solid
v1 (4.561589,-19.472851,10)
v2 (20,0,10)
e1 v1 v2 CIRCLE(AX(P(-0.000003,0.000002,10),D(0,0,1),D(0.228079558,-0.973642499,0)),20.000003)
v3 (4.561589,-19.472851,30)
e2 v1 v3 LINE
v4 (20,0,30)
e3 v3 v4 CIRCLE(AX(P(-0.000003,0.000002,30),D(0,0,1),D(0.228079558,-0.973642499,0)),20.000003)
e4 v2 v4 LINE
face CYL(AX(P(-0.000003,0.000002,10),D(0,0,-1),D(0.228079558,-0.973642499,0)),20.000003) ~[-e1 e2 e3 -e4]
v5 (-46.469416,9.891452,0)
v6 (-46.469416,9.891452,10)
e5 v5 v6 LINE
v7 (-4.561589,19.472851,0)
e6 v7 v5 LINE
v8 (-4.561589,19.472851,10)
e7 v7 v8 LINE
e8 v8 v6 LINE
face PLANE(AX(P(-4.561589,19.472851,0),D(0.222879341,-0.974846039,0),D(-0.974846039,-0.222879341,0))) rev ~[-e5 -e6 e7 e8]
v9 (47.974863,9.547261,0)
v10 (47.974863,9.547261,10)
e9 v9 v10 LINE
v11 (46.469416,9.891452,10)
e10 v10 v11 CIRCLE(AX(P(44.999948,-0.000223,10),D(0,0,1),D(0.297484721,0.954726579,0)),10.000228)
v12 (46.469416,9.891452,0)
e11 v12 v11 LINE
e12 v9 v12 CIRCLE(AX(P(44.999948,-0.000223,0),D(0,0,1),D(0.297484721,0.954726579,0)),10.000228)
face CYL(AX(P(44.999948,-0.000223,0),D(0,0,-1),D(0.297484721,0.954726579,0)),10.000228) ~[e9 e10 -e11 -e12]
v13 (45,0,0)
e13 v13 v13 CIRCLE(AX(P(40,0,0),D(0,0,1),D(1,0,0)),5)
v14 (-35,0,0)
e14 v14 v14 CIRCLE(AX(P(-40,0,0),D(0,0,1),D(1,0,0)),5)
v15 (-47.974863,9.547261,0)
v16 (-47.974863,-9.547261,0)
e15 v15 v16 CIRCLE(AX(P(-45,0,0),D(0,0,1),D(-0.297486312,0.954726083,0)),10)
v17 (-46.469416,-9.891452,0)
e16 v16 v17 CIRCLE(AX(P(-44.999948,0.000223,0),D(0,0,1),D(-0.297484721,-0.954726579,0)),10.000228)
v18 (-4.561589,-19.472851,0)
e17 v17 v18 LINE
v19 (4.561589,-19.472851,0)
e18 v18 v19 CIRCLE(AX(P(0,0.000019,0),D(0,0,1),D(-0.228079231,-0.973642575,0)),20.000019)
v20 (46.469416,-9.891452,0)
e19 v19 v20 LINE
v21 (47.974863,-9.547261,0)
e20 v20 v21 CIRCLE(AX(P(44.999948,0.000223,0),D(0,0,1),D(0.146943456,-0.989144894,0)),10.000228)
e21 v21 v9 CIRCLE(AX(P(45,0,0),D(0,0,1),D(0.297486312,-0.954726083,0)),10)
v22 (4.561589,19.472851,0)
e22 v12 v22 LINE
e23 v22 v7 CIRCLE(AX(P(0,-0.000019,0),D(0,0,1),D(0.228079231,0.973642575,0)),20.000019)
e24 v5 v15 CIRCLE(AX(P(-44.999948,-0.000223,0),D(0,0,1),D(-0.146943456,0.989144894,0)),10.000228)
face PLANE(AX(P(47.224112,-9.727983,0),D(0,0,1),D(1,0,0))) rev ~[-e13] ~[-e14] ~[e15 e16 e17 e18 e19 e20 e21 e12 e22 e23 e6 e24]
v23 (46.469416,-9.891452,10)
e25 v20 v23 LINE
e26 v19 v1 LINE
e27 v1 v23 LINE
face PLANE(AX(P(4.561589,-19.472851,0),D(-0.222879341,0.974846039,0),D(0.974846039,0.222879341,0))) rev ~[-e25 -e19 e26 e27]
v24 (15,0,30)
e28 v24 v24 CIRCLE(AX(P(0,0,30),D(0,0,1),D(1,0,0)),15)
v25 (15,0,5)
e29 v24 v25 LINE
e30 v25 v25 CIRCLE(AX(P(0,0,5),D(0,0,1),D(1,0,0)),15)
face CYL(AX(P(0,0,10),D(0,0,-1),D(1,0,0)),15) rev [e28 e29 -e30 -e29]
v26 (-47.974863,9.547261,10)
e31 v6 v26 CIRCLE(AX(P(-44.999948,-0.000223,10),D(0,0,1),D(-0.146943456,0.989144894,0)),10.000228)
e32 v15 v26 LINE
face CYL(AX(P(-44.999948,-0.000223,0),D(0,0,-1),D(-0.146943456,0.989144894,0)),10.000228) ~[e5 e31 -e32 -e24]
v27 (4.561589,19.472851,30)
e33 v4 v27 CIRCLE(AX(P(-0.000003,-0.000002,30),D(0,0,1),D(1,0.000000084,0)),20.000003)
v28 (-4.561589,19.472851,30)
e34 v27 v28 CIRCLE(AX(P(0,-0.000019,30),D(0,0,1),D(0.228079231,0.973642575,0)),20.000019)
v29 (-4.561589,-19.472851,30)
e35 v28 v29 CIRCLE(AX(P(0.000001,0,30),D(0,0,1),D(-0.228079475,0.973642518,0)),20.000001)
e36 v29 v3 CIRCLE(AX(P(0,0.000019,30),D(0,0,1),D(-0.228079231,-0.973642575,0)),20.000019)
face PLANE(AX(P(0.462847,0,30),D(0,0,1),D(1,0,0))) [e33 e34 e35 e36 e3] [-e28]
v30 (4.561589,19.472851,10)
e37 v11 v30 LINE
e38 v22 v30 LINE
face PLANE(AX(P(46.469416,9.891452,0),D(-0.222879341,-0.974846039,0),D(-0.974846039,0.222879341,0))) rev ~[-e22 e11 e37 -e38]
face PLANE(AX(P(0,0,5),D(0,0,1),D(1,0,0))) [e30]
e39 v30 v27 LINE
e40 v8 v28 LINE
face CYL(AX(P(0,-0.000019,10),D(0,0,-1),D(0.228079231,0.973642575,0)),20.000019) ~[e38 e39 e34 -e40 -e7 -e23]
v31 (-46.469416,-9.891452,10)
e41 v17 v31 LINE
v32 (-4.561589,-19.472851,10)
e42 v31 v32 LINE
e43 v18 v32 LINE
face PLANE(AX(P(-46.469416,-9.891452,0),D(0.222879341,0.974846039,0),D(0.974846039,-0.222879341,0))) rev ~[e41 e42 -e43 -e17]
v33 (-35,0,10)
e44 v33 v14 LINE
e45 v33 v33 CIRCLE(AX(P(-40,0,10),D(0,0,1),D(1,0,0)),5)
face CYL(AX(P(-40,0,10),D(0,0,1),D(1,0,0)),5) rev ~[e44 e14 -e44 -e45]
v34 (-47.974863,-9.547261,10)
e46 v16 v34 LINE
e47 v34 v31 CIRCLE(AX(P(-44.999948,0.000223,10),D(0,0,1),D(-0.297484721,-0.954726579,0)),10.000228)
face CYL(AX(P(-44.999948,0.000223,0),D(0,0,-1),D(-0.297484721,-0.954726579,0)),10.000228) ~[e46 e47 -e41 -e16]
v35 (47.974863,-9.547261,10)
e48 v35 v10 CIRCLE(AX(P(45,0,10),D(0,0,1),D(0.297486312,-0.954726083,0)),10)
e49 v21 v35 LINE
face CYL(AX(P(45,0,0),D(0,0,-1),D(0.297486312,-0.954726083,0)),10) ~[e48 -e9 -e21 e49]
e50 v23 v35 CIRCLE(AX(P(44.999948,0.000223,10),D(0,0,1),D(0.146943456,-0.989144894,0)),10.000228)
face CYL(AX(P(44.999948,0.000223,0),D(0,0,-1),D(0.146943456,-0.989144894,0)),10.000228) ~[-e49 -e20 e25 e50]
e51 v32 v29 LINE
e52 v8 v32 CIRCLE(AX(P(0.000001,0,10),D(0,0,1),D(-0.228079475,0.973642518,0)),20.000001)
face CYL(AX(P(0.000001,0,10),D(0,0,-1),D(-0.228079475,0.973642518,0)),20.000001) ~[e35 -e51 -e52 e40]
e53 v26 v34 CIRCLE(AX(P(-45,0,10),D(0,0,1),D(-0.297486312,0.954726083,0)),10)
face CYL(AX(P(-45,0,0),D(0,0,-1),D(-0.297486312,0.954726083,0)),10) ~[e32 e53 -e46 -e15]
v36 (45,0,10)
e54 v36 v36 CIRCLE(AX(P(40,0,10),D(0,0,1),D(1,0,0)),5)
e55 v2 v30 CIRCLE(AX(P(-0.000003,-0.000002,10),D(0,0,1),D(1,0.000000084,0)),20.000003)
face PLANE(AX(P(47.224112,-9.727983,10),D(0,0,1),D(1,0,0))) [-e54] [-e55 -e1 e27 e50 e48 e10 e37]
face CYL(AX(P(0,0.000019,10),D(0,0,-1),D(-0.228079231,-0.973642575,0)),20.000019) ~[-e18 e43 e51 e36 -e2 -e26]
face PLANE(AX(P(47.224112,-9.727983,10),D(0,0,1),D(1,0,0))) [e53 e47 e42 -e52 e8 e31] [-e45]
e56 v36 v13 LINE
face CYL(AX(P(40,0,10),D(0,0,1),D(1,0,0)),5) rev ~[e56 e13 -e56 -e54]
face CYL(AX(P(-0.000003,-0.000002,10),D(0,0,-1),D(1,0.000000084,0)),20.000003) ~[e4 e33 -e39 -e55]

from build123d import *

# Parameters (mm, degrees)
F1_DEPTH  = 10
F2_R      = 5
F3_DEPTH  = 10.001
F2_R_2    = 15
F4_DEPTH  = 20
F4_FACE_R = 15
F5_DEPTH  = 5


with BuildPart() as f1:
    # F0 (on Top) → F1 (new body)
    with BuildSketch(Plane.XY):
        with BuildLine():
            Line((47.974863, -9.547261), (46.469416, -9.891452))
            ThreePointArc((46.469416, -9.891452), (47.228793, -9.74846), (47.974863, -9.547261))
        make_face()
        with BuildLine():
            Line((4.561589, -19.472851), (46.469416, -9.891452))
            Line((46.469416, -9.891452), (47.974863, -9.547261))
            ThreePointArc((47.974863, -9.547261), (55, 0), (47.974863, 9.547261))
            Line((47.974863, 9.547261), (46.469416, 9.891452))
            Line((46.469416, 9.891452), (4.561589, 19.472851))
            ThreePointArc((4.561589, 19.472851), (0, 20), (-4.561589, 19.472851))
            Line((-4.561589, 19.472851), (-46.469416, 9.891452))
            Line((-46.469416, 9.891452), (-47.974863, 9.547261))
            ThreePointArc((-47.974863, 9.547261), (-55, 0), (-47.974863, -9.547261))
            Line((-47.974863, -9.547261), (-46.469416, -9.891452))
            Line((-46.469416, -9.891452), (-4.561589, -19.472851))
            ThreePointArc((-4.561589, -19.472851), (0, -20), (4.561589, -19.472851))
        make_face()
        with BuildLine():
            Line((46.469416, 9.891452), (47.974863, 9.547261))
            ThreePointArc((47.974863, 9.547261), (47.228793, 9.74846), (46.469416, 9.891452))
        make_face()
        with BuildLine():
            ThreePointArc((-47.974863, -9.547261), (-47.228793, -9.74846), (-46.469416, -9.891452))
            Line((-46.469416, -9.891452), (-47.974863, -9.547261))
        make_face()
        with BuildLine():
            ThreePointArc((-46.469416, 9.891452), (-47.228793, 9.74846), (-47.974863, 9.547261))
            Line((-47.974863, 9.547261), (-46.469416, 9.891452))
        make_face()
    extrude(amount=F1_DEPTH)

    # F2 (on face) → F3 (cut, through all)
    with BuildSketch(Plane.XY.offset(10)):
        with Locations((-40, 0)):
            Circle(F2_R)
        with Locations((40, 0)):
            Circle(F2_R)
    extrude(amount=-F3_DEPTH, mode=Mode.SUBTRACT)

    # F2 (on face) → F4 (join)
    with BuildSketch(Plane.XY.offset(10)):
        with BuildLine():
            ThreePointArc((4.561589, -19.472851), (15.672137, -12.42514), (20, 0))
            ThreePointArc((20, 0), (15.672137, 12.42514), (4.561589, 19.472851))
            ThreePointArc((4.561589, 19.472851), (0, 20), (-4.561589, 19.472851))
            ThreePointArc((-4.561589, 19.472851), (-20, 0), (-4.561589, -19.472851))
            ThreePointArc((-4.561589, -19.472851), (0, -20), (4.561589, -19.472851))
        make_face()
        Circle(F2_R_2, mode=Mode.SUBTRACT)
    extrude(amount=F4_DEPTH)

    # F4_face (on face) → F5 (cut, symmetric)
    with BuildSketch(Plane.XY.offset(10)):
        Circle(F4_FACE_R)
    extrude(amount=F5_DEPTH, both=True, mode=Mode.SUBTRACT)


solid = f1.part
